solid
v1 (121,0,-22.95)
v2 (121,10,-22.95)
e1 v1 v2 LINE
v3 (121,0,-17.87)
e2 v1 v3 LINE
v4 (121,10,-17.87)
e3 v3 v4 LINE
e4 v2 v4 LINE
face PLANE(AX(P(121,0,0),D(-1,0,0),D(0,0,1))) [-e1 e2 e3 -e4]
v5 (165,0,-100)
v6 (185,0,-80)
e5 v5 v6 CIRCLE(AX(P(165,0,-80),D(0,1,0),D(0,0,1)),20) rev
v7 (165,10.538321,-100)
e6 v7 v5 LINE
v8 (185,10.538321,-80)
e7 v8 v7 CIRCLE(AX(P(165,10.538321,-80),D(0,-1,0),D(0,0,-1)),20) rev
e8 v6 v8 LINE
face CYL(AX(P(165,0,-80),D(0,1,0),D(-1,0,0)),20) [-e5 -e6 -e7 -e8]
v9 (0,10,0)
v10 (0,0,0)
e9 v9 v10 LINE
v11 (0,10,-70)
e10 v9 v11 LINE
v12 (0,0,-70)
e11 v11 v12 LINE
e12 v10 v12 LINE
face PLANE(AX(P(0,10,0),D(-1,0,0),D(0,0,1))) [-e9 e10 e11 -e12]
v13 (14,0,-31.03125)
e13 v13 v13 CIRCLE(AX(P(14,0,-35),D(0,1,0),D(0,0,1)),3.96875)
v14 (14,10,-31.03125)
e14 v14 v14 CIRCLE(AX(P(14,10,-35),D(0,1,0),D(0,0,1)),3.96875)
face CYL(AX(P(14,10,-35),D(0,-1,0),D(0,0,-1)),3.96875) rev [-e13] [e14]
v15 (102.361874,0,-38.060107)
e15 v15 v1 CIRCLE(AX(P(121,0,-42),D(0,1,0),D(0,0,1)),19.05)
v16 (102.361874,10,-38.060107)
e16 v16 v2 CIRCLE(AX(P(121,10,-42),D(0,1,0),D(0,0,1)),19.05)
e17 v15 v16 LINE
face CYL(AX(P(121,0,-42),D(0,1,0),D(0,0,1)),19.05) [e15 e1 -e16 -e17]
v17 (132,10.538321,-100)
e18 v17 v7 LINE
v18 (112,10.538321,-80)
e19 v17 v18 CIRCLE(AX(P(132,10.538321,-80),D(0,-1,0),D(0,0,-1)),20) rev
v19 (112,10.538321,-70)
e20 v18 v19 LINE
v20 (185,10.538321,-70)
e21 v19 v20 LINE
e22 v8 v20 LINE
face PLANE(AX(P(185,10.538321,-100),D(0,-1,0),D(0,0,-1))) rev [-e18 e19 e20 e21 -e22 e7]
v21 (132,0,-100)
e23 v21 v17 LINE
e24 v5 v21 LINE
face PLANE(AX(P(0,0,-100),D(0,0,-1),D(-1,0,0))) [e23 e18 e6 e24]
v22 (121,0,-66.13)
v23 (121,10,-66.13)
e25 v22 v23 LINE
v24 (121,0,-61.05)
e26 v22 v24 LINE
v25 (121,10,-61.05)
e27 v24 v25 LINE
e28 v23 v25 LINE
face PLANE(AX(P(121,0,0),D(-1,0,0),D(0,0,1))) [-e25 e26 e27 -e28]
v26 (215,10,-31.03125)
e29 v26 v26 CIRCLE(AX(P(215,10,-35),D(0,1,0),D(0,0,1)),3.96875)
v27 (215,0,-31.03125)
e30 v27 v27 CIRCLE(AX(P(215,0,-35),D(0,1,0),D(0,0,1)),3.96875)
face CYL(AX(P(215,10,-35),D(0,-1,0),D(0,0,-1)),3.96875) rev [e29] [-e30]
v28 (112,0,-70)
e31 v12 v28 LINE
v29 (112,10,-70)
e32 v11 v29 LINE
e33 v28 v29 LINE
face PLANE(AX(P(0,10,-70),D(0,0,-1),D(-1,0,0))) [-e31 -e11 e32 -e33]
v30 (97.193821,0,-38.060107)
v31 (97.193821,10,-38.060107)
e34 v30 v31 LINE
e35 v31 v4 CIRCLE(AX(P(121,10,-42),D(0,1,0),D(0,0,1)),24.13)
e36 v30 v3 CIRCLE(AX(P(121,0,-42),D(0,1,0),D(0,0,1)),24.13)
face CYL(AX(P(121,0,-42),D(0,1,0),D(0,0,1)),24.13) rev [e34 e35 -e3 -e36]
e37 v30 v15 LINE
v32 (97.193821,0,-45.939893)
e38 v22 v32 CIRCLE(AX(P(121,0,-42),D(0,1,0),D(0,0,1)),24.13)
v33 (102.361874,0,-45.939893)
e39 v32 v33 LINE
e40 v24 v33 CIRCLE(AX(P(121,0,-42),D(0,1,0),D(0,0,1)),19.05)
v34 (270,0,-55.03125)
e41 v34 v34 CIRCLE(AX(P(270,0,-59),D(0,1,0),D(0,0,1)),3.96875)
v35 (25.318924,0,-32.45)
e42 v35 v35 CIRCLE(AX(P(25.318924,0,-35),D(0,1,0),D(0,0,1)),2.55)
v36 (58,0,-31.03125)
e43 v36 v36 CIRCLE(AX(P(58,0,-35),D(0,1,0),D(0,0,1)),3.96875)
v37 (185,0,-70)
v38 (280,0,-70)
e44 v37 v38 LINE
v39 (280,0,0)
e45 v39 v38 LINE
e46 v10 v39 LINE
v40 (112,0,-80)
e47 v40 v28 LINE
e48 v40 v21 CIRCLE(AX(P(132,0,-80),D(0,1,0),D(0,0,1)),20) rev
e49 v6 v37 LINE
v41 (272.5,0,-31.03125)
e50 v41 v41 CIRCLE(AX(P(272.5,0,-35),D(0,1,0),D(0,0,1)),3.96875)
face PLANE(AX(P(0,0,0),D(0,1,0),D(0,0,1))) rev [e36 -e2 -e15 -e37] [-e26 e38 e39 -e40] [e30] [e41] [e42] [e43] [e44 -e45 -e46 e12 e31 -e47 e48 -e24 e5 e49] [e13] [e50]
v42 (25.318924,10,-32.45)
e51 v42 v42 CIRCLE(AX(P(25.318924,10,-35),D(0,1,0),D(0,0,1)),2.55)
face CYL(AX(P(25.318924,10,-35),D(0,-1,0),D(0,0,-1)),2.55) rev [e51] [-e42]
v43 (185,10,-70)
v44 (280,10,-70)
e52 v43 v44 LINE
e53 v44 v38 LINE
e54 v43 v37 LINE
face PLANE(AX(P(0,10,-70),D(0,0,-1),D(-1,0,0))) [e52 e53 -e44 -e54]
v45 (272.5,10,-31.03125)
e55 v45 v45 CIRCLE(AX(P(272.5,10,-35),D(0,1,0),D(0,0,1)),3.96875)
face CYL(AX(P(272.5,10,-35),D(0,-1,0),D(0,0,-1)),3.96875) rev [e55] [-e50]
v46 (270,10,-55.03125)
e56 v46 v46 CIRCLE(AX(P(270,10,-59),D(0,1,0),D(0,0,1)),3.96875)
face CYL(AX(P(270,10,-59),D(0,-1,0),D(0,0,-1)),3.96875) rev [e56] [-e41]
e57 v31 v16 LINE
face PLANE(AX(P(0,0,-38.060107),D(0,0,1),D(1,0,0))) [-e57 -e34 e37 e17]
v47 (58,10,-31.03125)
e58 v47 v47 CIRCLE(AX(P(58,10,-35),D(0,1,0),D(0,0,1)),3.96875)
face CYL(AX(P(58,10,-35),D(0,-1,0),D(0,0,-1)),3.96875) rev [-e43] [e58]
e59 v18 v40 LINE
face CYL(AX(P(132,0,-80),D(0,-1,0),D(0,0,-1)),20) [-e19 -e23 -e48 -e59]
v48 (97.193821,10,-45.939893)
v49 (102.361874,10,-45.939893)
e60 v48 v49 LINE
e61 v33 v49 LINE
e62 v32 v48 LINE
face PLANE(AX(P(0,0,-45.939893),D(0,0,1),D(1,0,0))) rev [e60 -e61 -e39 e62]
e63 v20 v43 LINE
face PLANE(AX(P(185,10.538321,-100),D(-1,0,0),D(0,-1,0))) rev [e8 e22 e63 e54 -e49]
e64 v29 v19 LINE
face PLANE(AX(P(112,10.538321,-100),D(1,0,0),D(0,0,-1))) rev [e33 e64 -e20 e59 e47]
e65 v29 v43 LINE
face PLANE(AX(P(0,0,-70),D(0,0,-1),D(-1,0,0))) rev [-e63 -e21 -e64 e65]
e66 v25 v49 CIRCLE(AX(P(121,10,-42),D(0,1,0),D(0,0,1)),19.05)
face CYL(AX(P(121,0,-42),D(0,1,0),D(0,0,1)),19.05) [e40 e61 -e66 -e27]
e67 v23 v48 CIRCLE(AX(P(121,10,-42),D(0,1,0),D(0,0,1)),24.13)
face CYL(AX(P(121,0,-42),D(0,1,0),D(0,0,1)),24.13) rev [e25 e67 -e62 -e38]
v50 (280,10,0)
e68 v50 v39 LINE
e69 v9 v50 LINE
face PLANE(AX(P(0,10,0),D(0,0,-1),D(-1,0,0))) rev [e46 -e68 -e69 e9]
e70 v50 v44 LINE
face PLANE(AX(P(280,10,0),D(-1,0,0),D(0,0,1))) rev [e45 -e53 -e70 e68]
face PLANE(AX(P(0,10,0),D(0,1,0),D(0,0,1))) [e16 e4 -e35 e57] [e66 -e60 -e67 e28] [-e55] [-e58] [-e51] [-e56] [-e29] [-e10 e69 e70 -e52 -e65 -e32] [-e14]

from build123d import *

# Parameters (mm, degrees)
SKETCH1_W           = 280
SKETCH1_H           = 70
SKETCH1_R           = 3.96875
SKETCH1_R_2         = 2.55
BOSS_EXTRUDE7_DEPTH = 10
SKETCH2_W           = 73
SKETCH2_H           = 10.538321467
BOSS_EXTRUDE8_DEPTH = 30
FILLET3_R           = 20
FILLET4_R           = 20
CUT_EXTRUDE1_DEPTH  = 298.489495613
CUT_EXTRUDE2_DEPTH  = 298.489495613


with BuildPart() as part:
    # Sketch1 → Boss-Extrude7 (new body)
    with BuildSketch(Plane(origin=(0, 0, 0), x_dir=(1, 0, 0), z_dir=(0, 1, 0))):
        with Locations((140, 35)):
            Rectangle(SKETCH1_W, SKETCH1_H)
        with Locations((14, 35)):
            Circle(SKETCH1_R, mode=Mode.SUBTRACT)
        with Locations((25.318924397, 35)):
            Circle(SKETCH1_R_2, mode=Mode.SUBTRACT)
        with Locations((58, 35)):
            Circle(SKETCH1_R, mode=Mode.SUBTRACT)
        with Locations((215, 35)):
            Circle(SKETCH1_R, mode=Mode.SUBTRACT)
        with Locations((272.5, 35)):
            Circle(SKETCH1_R, mode=Mode.SUBTRACT)
        with Locations((270, 59)):
            Circle(SKETCH1_R, mode=Mode.SUBTRACT)
    extrude(amount=BOSS_EXTRUDE7_DEPTH)

    # Sketch2 → Boss-Extrude8 (add)
    with BuildSketch(Plane(origin=(0, 0, -70), x_dir=(-1, 0, 0), z_dir=(0, 0, -1))):
        with Locations((-148.5, 5.269160734)):
            Rectangle(SKETCH2_W, SKETCH2_H)
    extrude(amount=BOSS_EXTRUDE8_DEPTH)

    # Fillet3
    fillet3_edges = [part.edges().sort_by_distance(p)[0] for p in [
        (185, 5.269160734, -100),
    ]]
    fillet(fillet3_edges, radius=FILLET3_R)

    # Fillet4
    fillet4_edges = [part.edges().sort_by_distance(p)[0] for p in [
        (112, 5.269160734, -100),
    ]]
    fillet(fillet4_edges, radius=FILLET4_R)

    # Sketch3 → Cut-Extrude1 (cut, through all)
    with BuildSketch(Plane(origin=(0, 10, 0), x_dir=(1, 0, 0), z_dir=(0, 1, 0))):
        with BuildLine():
            Line((121, 61.05), (121, 66.13))
            ThreePointArc((121, 66.13), (105.392513422, 60.402805839), (97.193821375, 45.939893305))
            Line((97.193821375, 45.939893305), (102.361874001, 45.939893305))
            ThreePointArc((102.361874001, 45.939893305), (109.003176826, 56.797930049), (121, 61.05))
        make_face()
    extrude(amount=-CUT_EXTRUDE1_DEPTH, mode=Mode.SUBTRACT)

    # Sketch3<3> → Cut-Extrude2 (cut, through all)
    with BuildSketch(Plane(origin=(0, 10, 0), x_dir=(1, 0, 0), z_dir=(0, 1, 0))):
        with BuildLine():
            Line((121, 17.87), (121, 22.95))
            ThreePointArc((121, 22.95), (109.003176826, 27.202069951), (102.361874001, 38.060106695))
            Line((102.361874001, 38.060106695), (97.193821375, 38.060106695))
            ThreePointArc((97.193821375, 38.060106695), (105.392513422, 23.597194161), (121, 17.87))
        make_face()
    extrude(amount=-CUT_EXTRUDE2_DEPTH, mode=Mode.SUBTRACT)


solid = part.part
